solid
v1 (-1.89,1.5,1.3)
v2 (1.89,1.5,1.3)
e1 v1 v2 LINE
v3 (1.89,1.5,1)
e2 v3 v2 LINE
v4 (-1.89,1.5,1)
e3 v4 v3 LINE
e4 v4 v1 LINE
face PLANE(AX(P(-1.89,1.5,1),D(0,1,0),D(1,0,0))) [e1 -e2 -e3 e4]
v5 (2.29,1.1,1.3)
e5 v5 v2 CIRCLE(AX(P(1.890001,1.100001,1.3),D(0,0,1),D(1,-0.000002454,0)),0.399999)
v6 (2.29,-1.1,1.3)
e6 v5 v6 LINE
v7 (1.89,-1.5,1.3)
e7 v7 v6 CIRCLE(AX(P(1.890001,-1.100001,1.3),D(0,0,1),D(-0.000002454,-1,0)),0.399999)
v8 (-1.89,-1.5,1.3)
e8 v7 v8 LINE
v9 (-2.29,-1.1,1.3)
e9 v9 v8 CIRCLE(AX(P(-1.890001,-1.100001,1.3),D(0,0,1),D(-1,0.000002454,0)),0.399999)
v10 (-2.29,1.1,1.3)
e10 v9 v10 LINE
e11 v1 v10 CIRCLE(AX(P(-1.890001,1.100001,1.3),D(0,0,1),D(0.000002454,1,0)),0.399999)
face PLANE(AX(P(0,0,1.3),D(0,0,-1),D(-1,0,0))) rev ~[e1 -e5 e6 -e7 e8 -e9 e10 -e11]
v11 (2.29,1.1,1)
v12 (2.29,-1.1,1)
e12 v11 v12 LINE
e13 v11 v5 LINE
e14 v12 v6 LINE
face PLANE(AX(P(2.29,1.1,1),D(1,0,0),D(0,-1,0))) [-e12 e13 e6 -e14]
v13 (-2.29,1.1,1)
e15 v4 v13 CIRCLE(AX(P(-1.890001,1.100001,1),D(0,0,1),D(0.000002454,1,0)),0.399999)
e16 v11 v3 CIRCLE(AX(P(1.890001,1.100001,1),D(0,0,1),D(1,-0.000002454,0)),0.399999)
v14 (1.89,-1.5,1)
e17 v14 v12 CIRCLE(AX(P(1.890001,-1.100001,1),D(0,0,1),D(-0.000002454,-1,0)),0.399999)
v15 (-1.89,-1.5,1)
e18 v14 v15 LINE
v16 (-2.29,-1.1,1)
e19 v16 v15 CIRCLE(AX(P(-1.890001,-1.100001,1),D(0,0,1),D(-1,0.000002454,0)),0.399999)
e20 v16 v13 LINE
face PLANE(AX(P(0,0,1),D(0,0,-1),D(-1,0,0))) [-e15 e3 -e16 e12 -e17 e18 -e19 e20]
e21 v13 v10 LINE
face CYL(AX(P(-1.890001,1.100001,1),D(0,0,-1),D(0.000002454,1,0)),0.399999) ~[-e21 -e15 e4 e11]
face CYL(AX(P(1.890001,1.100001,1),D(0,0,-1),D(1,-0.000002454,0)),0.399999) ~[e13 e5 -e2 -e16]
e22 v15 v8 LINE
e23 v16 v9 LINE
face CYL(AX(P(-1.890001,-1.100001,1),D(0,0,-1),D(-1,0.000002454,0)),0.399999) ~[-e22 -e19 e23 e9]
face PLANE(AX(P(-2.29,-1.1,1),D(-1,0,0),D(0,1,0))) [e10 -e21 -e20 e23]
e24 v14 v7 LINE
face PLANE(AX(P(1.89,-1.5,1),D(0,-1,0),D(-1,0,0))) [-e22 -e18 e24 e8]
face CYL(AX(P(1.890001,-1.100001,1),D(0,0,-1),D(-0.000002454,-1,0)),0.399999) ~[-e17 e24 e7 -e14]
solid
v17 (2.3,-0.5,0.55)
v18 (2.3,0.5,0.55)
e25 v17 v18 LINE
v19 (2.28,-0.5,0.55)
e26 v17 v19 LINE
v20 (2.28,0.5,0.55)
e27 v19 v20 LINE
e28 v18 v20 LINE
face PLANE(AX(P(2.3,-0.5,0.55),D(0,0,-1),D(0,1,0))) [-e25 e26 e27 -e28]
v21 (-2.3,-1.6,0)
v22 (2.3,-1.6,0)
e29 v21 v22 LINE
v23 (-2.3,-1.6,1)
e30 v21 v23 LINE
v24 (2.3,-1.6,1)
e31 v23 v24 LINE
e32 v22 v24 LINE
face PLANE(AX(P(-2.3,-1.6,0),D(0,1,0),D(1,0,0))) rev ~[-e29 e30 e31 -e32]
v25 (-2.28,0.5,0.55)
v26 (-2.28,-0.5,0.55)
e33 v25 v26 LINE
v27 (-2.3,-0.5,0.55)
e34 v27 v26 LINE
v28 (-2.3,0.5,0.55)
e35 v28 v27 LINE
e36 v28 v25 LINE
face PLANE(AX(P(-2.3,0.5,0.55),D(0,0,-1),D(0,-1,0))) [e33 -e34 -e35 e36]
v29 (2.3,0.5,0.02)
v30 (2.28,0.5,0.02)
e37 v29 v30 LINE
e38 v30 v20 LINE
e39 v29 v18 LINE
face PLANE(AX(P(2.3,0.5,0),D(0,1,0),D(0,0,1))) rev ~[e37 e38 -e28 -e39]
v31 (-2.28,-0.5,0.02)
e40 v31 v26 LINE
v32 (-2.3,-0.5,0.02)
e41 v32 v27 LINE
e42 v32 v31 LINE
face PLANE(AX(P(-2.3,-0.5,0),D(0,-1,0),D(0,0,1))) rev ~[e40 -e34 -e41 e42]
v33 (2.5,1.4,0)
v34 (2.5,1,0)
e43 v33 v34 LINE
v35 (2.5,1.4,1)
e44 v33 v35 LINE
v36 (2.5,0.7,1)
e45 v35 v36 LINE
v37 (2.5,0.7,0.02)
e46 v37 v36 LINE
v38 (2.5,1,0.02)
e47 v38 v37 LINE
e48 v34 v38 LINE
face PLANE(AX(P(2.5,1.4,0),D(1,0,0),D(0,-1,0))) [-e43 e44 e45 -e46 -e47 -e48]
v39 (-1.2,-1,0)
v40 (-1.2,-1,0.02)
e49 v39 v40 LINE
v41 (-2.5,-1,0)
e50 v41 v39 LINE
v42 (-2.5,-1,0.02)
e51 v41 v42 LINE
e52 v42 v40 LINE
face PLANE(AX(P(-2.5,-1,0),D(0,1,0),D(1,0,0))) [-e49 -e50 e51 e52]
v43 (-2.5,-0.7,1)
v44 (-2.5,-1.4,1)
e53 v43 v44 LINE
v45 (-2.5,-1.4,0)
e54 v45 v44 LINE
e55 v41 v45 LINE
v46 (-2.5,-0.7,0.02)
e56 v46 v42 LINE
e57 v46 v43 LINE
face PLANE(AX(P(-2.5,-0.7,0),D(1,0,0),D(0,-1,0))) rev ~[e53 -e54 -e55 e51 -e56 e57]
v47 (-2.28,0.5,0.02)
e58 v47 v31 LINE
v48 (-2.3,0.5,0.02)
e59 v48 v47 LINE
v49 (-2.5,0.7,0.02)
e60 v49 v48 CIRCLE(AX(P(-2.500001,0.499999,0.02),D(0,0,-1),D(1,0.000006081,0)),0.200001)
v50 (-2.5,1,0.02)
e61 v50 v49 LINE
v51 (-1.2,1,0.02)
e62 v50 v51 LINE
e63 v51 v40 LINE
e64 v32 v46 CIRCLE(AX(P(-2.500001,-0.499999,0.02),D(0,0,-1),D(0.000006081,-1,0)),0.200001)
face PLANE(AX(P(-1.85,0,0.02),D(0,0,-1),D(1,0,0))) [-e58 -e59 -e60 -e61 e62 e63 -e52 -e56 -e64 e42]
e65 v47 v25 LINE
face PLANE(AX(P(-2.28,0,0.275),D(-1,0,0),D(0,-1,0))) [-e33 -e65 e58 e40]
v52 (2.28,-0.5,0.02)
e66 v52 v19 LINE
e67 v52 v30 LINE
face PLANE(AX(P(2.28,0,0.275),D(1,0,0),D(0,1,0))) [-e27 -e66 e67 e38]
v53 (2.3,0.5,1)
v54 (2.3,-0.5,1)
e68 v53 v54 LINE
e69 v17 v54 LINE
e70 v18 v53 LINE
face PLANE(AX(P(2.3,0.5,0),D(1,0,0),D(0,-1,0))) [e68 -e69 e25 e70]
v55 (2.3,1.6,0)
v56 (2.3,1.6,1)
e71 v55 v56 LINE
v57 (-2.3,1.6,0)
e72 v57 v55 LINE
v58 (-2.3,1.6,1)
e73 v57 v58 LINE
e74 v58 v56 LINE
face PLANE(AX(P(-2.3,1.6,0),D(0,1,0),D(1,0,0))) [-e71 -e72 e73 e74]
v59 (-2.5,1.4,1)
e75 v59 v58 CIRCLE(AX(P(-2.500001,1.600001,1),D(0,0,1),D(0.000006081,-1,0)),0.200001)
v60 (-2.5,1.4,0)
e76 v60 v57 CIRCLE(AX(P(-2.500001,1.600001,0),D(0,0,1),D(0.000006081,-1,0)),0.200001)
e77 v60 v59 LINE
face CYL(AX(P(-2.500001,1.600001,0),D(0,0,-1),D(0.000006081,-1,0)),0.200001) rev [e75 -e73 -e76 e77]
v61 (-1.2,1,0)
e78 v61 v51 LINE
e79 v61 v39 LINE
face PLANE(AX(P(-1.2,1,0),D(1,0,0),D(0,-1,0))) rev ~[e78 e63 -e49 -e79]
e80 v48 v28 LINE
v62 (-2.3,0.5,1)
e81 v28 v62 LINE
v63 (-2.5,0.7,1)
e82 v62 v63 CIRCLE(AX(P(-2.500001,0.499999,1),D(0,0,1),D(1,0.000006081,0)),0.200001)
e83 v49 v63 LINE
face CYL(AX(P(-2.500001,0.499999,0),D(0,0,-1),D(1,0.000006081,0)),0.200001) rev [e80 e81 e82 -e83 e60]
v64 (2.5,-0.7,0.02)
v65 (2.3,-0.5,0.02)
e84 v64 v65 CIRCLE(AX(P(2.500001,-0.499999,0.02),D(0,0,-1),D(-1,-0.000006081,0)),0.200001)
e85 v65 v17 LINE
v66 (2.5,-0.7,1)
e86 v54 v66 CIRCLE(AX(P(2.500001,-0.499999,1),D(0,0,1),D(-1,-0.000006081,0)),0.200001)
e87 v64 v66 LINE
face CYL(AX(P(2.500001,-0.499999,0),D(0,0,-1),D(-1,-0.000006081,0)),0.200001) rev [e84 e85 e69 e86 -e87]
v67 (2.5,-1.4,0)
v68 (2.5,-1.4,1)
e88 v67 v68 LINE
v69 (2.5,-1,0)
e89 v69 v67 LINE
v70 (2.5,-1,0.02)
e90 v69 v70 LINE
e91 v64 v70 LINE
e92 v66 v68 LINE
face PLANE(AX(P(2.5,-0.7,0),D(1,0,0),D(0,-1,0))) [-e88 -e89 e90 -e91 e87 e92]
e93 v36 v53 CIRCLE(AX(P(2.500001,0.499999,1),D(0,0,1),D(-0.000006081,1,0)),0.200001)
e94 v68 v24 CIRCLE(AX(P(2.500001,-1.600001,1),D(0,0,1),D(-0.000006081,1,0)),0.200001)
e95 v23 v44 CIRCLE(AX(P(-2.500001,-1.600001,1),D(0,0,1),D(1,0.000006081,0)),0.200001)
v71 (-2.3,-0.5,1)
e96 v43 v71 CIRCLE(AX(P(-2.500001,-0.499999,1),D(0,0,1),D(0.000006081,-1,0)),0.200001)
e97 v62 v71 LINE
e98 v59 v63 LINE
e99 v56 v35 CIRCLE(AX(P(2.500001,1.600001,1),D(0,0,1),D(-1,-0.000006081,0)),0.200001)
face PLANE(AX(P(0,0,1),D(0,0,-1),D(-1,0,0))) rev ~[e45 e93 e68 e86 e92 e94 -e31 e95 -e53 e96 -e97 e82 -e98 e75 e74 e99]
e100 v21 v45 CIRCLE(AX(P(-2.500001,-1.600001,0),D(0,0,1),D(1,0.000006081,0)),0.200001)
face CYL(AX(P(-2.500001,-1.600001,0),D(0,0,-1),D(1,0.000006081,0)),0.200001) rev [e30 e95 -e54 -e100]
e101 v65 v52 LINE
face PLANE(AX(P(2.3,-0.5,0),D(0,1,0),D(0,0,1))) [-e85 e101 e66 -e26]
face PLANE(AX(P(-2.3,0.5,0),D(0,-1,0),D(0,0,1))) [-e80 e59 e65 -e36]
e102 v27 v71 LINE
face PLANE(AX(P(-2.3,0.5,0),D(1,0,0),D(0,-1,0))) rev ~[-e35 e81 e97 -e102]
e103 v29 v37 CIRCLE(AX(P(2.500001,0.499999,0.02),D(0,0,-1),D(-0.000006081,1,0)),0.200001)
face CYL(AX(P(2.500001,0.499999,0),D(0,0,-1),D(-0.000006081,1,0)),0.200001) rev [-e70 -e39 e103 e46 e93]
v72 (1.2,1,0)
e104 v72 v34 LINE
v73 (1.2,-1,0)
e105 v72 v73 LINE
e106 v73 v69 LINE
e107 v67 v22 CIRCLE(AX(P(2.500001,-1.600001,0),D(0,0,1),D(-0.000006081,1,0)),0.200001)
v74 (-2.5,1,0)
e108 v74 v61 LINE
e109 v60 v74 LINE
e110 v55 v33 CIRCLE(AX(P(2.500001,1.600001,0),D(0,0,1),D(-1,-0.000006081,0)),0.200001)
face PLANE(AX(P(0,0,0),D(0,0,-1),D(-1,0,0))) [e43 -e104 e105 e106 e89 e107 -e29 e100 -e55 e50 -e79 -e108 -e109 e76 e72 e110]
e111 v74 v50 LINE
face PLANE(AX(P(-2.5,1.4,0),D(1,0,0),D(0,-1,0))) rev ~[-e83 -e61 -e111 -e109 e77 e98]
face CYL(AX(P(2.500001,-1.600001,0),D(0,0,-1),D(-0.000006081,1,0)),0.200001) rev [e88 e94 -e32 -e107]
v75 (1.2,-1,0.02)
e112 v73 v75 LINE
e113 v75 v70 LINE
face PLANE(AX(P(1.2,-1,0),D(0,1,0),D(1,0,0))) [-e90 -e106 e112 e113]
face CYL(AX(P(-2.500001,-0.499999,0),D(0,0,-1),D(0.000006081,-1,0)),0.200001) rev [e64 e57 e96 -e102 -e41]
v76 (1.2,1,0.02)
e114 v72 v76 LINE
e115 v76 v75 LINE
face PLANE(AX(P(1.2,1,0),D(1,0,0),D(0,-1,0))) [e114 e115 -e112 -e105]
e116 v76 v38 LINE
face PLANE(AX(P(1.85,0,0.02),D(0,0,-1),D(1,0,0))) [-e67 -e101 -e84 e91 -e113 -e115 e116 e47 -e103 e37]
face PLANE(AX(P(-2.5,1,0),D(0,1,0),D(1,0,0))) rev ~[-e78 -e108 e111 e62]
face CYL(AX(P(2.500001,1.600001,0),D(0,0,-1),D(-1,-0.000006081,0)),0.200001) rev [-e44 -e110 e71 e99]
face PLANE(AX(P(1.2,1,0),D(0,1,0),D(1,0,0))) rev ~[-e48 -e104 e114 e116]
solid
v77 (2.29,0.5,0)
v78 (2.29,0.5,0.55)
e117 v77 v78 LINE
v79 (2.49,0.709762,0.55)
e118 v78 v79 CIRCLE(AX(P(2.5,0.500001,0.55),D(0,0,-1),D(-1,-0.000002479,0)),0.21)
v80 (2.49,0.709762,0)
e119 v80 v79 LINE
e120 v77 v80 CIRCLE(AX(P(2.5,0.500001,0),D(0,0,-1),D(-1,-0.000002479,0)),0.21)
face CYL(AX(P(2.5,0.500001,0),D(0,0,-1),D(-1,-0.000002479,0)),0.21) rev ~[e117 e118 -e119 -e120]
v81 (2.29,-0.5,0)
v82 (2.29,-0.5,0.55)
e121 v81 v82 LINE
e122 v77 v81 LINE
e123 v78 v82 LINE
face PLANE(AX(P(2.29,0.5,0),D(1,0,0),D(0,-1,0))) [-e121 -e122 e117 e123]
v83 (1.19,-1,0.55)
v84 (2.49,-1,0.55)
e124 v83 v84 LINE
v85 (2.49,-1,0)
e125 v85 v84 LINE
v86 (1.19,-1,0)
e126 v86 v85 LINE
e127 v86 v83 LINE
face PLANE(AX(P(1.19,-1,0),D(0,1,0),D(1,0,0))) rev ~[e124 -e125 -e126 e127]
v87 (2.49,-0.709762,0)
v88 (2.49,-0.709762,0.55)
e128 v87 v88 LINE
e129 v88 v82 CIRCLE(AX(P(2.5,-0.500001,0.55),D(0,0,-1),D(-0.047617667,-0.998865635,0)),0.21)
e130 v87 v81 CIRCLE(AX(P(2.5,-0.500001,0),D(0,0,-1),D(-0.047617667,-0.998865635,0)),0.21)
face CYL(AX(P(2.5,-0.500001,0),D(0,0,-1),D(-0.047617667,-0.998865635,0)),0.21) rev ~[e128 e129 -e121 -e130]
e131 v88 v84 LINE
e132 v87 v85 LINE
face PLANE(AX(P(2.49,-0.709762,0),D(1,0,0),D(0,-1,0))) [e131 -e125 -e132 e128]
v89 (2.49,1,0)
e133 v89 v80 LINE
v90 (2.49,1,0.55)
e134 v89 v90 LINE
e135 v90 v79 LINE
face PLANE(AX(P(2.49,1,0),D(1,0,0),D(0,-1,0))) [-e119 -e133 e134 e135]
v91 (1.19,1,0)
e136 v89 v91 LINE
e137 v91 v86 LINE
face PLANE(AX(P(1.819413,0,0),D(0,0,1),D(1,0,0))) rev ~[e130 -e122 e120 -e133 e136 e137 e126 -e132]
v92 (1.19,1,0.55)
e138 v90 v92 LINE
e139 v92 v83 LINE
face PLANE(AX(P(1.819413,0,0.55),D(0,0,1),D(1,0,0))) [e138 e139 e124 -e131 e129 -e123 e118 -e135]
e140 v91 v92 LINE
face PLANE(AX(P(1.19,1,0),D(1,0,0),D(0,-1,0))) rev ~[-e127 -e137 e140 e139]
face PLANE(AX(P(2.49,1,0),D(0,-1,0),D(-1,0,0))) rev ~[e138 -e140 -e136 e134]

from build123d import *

# Parameters (mm, degrees)
PAD_DEPTH               = 1
SKETCH004_W             = 1
SKETCH004_H             = 0.55
POCKET_DEPTH            = 0.02
SKETCH005_W             = 1.3
SKETCH005_H             = 2
POCKET001_DEPTH         = 0.02
SKETCH006_W             = 1
SKETCH006_H             = 0.55
POCKET002_DEPTH         = 0.02
SKETCH007_W             = 1.3
SKETCH007_H             = 2
POCKET003_DEPTH         = 0.02
PAD002_DEPTH            = 0.55
PAD003_DEPTH            = 0.55
BODY002_PLACEMENT_ANGLE = 180
PAD004_DEPTH            = 0.3


with BuildPart() as body:
    # Sketch → Pad (new body)
    with BuildSketch(Plane.XY):
        with BuildLine():
            Line((-2.3, 1.6), (2.3, 1.6))
            ThreePointArc((2.3, 1.6), (2.358579, 1.458579), (2.5, 1.4))
            Line((2.5, 1.4), (2.5, 0.7))
            ThreePointArc((2.5, 0.7), (2.358579, 0.641421), (2.3, 0.5))
            Line((2.3, 0.5), (2.3, -0.5))
            ThreePointArc((2.3, -0.5), (2.358579, -0.641421), (2.5, -0.7))
            Line((2.5, -0.7), (2.5, -1.4))
            ThreePointArc((2.5, -1.4), (2.358579, -1.458579), (2.3, -1.6))
            Line((-2.3, -1.6), (2.3, -1.6))
            ThreePointArc((-2.3, -1.6), (-2.358579, -1.458579), (-2.5, -1.4))
            Line((-2.5, -0.7), (-2.5, -1.4))
            ThreePointArc((-2.5, -0.7), (-2.358579, -0.641421), (-2.3, -0.5))
            Line((-2.3, 0.5), (-2.3, -0.5))
            ThreePointArc((-2.3, 0.5), (-2.358579, 0.641421), (-2.5, 0.7))
            Line((-2.5, 1.4), (-2.5, 0.7))
            ThreePointArc((-2.5, 1.4), (-2.358579, 1.458579), (-2.3, 1.6))
        make_face()
    extrude(amount=PAD_DEPTH)

    # Sketch004 → Pocket (cut)
    with BuildSketch(Plane(origin=(-2.3, 0, 0), x_dir=(0, -1, 0), z_dir=(-1, 0, 0))):
        with Locations((0, 0.275)):
            Rectangle(SKETCH004_W, SKETCH004_H)
    extrude(amount=-POCKET_DEPTH, mode=Mode.SUBTRACT)

    # Sketch005 (on Face4 of Pocket) → Pocket001 (cut)
    with BuildSketch(Plane(origin=(0, 0, 0), x_dir=(1, 0, 0), z_dir=(0, 0, -1))):
        with Locations((-1.85, 0)):
            Rectangle(SKETCH005_W, SKETCH005_H)
    extrude(amount=-POCKET001_DEPTH, mode=Mode.SUBTRACT)

    # Sketch006 (on Face18 of Pocket001) → Pocket002 (cut)
    with BuildSketch(Plane.YZ.offset(2.3)):
        with Locations((0, 0.275)):
            Rectangle(SKETCH006_W, SKETCH006_H)
    extrude(amount=-POCKET002_DEPTH, mode=Mode.SUBTRACT)

    # Sketch007 (on Face4 of Pocket002) → Pocket003 (cut)
    with BuildSketch(Plane(origin=(0, 0, 0), x_dir=(1, 0, 0), z_dir=(0, 0, -1))):
        with Locations((1.85, 0)):
            Rectangle(SKETCH007_W, SKETCH007_H)
    extrude(amount=-POCKET003_DEPTH, mode=Mode.SUBTRACT)


with BuildPart() as padright:
    # Sketch003 (on ShapeBinder) → Pad002 (new body)
    with BuildSketch(Plane(origin=(0, 0, 0), x_dir=(1, 0, 0), z_dir=(0, 0, -1))):
        with BuildLine():
            Line((-2.49, 1), (-1.19, 1))
            Line((-1.19, 1), (-1.19, -1))
            Line((-1.19, -1), (-2.49, -1))
            Line((-2.49, -0.709762), (-2.49, -1))
            ThreePointArc((-2.49, -0.709762), (-2.348013, -0.644914), (-2.29, -0.5))
            Line((-2.29, 0.5), (-2.29, -0.5))
            ThreePointArc((-2.29, 0.5), (-2.348013, 0.644914), (-2.49, 0.709762))
            Line((-2.49, 1), (-2.49, 0.709762))
        make_face()
    extrude(amount=-PAD002_DEPTH)

    # Sketch003 (on ShapeBinder) → Pad003 (join)
    with BuildSketch(Plane(origin=(0, 0, 0), x_dir=(1, 0, 0), z_dir=(0, 0, -1))):
        with BuildLine():
            Line((-2.49, 1), (-1.19, 1))
            Line((-1.19, 1), (-1.19, -1))
            Line((-1.19, -1), (-2.49, -1))
            Line((-2.49, -0.709762), (-2.49, -1))
            ThreePointArc((-2.49, -0.709762), (-2.348013, -0.644914), (-2.29, -0.5))
            Line((-2.29, 0.5), (-2.29, -0.5))
            ThreePointArc((-2.29, 0.5), (-2.348013, 0.644914), (-2.49, 0.709762))
            Line((-2.49, 1), (-2.49, 0.709762))
        make_face()
    extrude(amount=-PAD003_DEPTH)


with BuildPart() as padright_1:
    # Body002 placement: moved
    add(padright.part.moved(Location((0, 0, 0))).rotate(Axis((0, 0, 0), (0, 0, 1)), BODY002_PLACEMENT_ANGLE))


with BuildPart() as top:
    # Sketch008 (on ShapeBinder) → Pad004 (new body)
    with BuildSketch(Plane.XY.offset(1)):
        with BuildLine():
            Line((-1.89, 1.5), (1.89, 1.5))
            ThreePointArc((2.29, 1.1), (2.172843, 1.382843), (1.89, 1.5))
            Line((2.29, 1.1), (2.29, -1.1))
            ThreePointArc((1.89, -1.5), (2.172843, -1.382843), (2.29, -1.1))
            Line((1.89, -1.5), (-1.89, -1.5))
            ThreePointArc((-2.29, -1.1), (-2.172843, -1.382843), (-1.89, -1.5))
            Line((-2.29, -1.1), (-2.29, 1.1))
            ThreePointArc((-1.89, 1.5), (-2.172843, 1.382843), (-2.29, 1.1))
        make_face()
    extrude(amount=PAD004_DEPTH)


solid = Compound([body.part, padright_1.part, top.part])
